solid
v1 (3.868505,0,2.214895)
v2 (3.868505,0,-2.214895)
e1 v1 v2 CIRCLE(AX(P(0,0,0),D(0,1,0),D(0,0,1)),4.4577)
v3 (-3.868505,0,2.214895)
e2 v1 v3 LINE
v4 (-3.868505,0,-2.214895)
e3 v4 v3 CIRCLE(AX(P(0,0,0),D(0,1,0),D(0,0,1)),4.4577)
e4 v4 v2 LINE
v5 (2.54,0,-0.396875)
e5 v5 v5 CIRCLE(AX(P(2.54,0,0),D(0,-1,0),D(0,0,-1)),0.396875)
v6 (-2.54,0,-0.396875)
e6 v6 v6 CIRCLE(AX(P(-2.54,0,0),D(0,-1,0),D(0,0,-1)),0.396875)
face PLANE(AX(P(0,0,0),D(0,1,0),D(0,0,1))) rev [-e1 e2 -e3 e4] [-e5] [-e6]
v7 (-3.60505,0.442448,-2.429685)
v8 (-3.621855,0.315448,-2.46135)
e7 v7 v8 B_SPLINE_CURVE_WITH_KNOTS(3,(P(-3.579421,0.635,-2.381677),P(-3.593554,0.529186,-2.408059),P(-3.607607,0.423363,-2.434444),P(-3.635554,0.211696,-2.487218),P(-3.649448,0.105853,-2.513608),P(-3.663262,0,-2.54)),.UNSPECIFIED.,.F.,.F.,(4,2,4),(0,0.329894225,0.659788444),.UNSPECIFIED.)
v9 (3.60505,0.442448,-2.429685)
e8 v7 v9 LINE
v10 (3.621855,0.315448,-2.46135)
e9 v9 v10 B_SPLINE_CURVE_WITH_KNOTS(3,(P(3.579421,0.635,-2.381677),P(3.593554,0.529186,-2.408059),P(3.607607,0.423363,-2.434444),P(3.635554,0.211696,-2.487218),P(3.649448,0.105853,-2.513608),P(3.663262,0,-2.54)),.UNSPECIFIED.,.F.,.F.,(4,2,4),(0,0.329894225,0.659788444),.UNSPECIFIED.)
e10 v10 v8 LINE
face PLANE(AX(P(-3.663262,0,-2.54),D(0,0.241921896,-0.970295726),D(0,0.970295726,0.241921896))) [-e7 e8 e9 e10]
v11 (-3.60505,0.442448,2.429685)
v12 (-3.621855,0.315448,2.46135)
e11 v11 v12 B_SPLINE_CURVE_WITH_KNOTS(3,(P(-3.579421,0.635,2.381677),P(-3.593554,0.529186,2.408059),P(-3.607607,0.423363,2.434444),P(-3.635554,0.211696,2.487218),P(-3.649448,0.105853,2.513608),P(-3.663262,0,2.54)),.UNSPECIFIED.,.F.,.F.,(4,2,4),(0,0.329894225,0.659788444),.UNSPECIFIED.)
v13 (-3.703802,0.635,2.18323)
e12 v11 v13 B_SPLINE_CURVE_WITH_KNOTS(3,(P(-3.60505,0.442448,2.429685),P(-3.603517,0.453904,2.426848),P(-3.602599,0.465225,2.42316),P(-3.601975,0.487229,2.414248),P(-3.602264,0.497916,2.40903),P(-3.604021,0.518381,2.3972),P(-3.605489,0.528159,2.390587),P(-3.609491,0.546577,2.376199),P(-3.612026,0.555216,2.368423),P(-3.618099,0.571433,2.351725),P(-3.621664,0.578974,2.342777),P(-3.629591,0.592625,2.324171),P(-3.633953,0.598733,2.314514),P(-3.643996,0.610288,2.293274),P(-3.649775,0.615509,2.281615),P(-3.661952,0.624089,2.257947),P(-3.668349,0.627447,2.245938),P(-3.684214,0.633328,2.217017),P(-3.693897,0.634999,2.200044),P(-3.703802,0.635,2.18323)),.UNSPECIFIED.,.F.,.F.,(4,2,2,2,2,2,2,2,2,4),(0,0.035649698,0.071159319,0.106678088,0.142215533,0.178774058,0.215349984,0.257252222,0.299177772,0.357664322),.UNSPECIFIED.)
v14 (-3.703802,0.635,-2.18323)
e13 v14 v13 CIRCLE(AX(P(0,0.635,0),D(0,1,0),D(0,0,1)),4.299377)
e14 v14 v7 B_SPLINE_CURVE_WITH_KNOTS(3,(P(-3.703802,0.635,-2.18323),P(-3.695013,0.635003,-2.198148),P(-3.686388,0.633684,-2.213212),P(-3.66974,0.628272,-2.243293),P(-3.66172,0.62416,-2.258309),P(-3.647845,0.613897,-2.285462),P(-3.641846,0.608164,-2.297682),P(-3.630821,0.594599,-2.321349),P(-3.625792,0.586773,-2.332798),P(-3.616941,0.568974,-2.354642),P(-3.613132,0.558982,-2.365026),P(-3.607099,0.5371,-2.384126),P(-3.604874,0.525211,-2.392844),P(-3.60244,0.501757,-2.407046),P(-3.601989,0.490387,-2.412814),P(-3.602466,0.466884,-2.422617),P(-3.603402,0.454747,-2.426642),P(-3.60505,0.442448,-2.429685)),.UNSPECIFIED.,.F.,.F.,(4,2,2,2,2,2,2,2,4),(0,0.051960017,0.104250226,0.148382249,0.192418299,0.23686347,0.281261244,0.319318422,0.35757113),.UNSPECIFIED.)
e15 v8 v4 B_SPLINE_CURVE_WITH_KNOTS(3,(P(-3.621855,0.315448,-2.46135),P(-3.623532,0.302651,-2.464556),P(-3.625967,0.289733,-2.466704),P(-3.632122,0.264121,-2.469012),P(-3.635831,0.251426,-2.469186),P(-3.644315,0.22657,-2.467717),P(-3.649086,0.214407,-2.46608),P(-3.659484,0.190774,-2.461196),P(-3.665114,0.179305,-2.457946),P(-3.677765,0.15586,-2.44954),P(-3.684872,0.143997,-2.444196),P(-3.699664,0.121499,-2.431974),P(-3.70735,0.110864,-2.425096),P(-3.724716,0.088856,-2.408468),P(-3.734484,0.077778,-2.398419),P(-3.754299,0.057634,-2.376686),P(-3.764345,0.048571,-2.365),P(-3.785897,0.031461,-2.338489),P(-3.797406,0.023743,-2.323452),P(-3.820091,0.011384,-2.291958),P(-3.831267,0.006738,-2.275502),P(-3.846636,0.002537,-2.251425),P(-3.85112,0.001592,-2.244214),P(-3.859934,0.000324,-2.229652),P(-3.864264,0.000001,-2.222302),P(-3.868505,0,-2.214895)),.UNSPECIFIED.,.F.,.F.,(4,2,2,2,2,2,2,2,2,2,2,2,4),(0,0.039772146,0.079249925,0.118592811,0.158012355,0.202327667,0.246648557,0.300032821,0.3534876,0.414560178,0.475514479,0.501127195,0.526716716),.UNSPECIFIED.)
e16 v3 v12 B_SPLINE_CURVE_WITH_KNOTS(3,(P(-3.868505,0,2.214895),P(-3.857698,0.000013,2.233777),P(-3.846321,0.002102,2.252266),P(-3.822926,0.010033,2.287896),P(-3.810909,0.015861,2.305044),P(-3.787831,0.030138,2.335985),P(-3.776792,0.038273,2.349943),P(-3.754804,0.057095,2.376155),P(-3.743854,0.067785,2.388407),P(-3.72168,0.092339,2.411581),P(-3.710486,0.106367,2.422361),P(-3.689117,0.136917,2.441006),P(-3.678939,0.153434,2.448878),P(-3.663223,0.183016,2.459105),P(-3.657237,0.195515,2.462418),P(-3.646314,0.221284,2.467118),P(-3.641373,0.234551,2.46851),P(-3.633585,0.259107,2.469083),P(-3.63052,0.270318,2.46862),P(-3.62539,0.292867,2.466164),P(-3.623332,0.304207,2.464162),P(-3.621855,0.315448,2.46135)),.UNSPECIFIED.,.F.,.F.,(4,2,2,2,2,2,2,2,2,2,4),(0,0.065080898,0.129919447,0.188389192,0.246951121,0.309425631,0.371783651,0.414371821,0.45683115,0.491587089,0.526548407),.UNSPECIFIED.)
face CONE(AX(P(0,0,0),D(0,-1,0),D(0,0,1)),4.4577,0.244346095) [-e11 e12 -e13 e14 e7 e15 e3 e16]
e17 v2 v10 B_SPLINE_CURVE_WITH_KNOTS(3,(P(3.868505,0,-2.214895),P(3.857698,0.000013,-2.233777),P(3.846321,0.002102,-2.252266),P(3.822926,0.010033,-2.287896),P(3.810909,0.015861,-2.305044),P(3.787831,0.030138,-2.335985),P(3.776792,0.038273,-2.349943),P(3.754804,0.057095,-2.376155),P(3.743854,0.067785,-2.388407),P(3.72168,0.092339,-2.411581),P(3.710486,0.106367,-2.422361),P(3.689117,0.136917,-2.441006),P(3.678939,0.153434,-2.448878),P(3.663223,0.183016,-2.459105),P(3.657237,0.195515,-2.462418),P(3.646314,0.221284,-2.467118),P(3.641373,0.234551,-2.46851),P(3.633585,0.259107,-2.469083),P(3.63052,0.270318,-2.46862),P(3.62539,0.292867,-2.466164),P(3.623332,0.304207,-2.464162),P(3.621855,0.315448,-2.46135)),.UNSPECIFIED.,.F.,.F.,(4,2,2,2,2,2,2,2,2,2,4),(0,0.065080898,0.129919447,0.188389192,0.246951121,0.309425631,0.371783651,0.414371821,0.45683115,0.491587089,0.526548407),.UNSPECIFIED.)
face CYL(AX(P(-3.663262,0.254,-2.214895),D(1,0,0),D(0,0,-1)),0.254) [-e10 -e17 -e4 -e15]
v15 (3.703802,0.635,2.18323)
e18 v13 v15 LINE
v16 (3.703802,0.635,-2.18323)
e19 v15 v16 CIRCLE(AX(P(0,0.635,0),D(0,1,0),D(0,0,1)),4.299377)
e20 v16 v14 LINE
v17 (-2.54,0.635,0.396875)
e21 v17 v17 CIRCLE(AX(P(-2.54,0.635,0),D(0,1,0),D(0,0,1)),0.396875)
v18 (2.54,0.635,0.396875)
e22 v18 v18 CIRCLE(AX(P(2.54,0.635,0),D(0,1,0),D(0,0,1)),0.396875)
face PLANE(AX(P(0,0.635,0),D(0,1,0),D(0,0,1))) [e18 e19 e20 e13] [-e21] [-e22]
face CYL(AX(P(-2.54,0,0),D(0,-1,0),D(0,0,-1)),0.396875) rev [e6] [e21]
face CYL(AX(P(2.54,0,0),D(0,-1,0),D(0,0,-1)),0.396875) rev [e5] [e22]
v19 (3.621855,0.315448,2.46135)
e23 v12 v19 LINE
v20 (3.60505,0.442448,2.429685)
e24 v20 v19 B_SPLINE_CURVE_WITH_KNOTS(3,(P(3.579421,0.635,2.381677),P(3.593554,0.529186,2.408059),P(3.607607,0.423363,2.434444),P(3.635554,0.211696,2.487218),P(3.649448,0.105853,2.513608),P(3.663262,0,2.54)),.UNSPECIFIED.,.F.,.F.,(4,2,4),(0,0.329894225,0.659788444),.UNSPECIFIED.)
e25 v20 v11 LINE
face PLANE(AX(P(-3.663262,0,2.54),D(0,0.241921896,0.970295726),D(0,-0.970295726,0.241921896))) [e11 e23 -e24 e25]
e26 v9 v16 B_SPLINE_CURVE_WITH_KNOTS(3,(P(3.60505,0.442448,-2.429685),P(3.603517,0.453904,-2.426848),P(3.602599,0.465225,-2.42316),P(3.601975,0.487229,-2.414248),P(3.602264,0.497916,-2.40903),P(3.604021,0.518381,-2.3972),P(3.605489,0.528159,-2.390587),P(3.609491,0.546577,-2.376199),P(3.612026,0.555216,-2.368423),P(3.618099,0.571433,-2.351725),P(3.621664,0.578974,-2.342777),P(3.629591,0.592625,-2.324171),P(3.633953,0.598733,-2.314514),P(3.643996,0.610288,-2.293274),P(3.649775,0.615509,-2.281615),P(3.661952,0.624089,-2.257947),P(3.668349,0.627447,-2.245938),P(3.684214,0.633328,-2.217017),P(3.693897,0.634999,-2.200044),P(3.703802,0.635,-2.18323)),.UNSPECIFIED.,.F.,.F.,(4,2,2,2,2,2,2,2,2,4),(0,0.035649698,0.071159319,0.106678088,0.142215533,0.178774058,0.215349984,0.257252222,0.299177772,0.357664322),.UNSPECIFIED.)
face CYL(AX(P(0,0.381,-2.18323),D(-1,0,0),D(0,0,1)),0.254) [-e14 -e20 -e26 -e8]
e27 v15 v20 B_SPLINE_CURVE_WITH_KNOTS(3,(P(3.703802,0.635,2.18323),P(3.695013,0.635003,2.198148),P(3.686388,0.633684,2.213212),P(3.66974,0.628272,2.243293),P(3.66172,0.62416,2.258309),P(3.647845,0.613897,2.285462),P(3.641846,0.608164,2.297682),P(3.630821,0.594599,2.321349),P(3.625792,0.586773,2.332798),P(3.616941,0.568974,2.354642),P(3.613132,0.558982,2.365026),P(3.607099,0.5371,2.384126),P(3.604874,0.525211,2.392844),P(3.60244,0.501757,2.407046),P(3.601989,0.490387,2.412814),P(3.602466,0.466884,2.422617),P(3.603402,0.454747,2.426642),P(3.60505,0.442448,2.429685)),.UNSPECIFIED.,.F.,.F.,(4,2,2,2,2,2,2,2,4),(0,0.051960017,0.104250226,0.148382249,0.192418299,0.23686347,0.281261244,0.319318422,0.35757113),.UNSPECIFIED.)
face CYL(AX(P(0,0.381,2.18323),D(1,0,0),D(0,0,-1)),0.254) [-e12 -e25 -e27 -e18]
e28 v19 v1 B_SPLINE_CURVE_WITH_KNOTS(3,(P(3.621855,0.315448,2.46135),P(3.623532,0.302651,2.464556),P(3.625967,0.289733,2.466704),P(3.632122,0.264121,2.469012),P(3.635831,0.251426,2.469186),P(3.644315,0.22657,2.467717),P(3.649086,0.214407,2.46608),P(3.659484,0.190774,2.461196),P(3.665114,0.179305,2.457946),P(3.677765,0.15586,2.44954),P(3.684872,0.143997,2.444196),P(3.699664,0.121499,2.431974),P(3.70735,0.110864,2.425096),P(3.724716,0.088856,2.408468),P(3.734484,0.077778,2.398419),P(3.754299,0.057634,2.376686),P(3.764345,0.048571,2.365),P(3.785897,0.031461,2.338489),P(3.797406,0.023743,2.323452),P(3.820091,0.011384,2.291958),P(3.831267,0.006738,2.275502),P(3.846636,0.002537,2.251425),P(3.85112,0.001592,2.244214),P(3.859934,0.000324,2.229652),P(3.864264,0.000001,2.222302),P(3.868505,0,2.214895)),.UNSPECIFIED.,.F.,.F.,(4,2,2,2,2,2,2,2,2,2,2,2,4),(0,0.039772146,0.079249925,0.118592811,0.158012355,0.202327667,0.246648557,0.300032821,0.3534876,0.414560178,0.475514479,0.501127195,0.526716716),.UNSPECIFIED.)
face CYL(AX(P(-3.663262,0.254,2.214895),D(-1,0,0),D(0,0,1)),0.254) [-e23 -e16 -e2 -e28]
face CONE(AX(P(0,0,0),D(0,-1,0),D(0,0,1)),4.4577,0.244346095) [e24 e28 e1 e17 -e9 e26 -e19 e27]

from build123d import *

# Parameters (mm, degrees)
BOSS_EXTRUDE1_DEPTH                 = 0.635
BOSS_EXTRUDE1_TAPER                 = 14
F_1_32_0_03125_DIAMETER_HOLE1_D     = 0.79375
F_1_32_0_03125_DIAMETER_HOLE1_DEPTH = 12.7
F_1_32_0_03125_DIAMETER_HOLE1_TIP   = 0.238466558
FILLET1_R                           = 0.254


with BuildPart() as part:
    # Sketch1 → Boss-Extrude1 (new body)
    with BuildSketch(Plane(origin=(0, 0, 0), x_dir=(1, 0, 0), z_dir=(0, 1, 0))):
        with BuildLine():
            Line((-3.66326211, -2.54), (3.66326211, -2.54))
            ThreePointArc((3.66326211, -2.54), (4.4577, 0), (3.66326211, 2.54))
            Line((3.66326211, 2.54), (-3.66326211, 2.54))
            ThreePointArc((-3.66326211, 2.54), (-4.4577, 0), (-3.66326211, -2.54))
        make_face()
    extrude(amount=BOSS_EXTRUDE1_DEPTH, taper=BOSS_EXTRUDE1_TAPER)

    # 1/32 (0.03125) Diameter Hole1
    with Locations(Plane(origin=(0, 0, 0), x_dir=(-1, 0, 0), z_dir=(0, -1, 0))):
        with Locations((2.54, 0), (-2.54, 0)):
            Hole(F_1_32_0_03125_DIAMETER_HOLE1_D / 2, depth=F_1_32_0_03125_DIAMETER_HOLE1_DEPTH)
            with Locations((0, 0, -(F_1_32_0_03125_DIAMETER_HOLE1_DEPTH + F_1_32_0_03125_DIAMETER_HOLE1_TIP / 2))):  # 118° drill point
                Cone(0, F_1_32_0_03125_DIAMETER_HOLE1_D / 2, F_1_32_0_03125_DIAMETER_HOLE1_TIP, mode=Mode.SUBTRACT)

    # Fillet1
    fillet1_edges = [part.edges().sort_by_distance(p)[0] for p in [
        (0, 0, -2.54),
        (0, 0.635, -2.381676718),
        (0, 0, 2.54),
        (0, 0.635, 2.381676718),
    ]]
    fillet(fillet1_edges, radius=FILLET1_R)


solid = part.part
